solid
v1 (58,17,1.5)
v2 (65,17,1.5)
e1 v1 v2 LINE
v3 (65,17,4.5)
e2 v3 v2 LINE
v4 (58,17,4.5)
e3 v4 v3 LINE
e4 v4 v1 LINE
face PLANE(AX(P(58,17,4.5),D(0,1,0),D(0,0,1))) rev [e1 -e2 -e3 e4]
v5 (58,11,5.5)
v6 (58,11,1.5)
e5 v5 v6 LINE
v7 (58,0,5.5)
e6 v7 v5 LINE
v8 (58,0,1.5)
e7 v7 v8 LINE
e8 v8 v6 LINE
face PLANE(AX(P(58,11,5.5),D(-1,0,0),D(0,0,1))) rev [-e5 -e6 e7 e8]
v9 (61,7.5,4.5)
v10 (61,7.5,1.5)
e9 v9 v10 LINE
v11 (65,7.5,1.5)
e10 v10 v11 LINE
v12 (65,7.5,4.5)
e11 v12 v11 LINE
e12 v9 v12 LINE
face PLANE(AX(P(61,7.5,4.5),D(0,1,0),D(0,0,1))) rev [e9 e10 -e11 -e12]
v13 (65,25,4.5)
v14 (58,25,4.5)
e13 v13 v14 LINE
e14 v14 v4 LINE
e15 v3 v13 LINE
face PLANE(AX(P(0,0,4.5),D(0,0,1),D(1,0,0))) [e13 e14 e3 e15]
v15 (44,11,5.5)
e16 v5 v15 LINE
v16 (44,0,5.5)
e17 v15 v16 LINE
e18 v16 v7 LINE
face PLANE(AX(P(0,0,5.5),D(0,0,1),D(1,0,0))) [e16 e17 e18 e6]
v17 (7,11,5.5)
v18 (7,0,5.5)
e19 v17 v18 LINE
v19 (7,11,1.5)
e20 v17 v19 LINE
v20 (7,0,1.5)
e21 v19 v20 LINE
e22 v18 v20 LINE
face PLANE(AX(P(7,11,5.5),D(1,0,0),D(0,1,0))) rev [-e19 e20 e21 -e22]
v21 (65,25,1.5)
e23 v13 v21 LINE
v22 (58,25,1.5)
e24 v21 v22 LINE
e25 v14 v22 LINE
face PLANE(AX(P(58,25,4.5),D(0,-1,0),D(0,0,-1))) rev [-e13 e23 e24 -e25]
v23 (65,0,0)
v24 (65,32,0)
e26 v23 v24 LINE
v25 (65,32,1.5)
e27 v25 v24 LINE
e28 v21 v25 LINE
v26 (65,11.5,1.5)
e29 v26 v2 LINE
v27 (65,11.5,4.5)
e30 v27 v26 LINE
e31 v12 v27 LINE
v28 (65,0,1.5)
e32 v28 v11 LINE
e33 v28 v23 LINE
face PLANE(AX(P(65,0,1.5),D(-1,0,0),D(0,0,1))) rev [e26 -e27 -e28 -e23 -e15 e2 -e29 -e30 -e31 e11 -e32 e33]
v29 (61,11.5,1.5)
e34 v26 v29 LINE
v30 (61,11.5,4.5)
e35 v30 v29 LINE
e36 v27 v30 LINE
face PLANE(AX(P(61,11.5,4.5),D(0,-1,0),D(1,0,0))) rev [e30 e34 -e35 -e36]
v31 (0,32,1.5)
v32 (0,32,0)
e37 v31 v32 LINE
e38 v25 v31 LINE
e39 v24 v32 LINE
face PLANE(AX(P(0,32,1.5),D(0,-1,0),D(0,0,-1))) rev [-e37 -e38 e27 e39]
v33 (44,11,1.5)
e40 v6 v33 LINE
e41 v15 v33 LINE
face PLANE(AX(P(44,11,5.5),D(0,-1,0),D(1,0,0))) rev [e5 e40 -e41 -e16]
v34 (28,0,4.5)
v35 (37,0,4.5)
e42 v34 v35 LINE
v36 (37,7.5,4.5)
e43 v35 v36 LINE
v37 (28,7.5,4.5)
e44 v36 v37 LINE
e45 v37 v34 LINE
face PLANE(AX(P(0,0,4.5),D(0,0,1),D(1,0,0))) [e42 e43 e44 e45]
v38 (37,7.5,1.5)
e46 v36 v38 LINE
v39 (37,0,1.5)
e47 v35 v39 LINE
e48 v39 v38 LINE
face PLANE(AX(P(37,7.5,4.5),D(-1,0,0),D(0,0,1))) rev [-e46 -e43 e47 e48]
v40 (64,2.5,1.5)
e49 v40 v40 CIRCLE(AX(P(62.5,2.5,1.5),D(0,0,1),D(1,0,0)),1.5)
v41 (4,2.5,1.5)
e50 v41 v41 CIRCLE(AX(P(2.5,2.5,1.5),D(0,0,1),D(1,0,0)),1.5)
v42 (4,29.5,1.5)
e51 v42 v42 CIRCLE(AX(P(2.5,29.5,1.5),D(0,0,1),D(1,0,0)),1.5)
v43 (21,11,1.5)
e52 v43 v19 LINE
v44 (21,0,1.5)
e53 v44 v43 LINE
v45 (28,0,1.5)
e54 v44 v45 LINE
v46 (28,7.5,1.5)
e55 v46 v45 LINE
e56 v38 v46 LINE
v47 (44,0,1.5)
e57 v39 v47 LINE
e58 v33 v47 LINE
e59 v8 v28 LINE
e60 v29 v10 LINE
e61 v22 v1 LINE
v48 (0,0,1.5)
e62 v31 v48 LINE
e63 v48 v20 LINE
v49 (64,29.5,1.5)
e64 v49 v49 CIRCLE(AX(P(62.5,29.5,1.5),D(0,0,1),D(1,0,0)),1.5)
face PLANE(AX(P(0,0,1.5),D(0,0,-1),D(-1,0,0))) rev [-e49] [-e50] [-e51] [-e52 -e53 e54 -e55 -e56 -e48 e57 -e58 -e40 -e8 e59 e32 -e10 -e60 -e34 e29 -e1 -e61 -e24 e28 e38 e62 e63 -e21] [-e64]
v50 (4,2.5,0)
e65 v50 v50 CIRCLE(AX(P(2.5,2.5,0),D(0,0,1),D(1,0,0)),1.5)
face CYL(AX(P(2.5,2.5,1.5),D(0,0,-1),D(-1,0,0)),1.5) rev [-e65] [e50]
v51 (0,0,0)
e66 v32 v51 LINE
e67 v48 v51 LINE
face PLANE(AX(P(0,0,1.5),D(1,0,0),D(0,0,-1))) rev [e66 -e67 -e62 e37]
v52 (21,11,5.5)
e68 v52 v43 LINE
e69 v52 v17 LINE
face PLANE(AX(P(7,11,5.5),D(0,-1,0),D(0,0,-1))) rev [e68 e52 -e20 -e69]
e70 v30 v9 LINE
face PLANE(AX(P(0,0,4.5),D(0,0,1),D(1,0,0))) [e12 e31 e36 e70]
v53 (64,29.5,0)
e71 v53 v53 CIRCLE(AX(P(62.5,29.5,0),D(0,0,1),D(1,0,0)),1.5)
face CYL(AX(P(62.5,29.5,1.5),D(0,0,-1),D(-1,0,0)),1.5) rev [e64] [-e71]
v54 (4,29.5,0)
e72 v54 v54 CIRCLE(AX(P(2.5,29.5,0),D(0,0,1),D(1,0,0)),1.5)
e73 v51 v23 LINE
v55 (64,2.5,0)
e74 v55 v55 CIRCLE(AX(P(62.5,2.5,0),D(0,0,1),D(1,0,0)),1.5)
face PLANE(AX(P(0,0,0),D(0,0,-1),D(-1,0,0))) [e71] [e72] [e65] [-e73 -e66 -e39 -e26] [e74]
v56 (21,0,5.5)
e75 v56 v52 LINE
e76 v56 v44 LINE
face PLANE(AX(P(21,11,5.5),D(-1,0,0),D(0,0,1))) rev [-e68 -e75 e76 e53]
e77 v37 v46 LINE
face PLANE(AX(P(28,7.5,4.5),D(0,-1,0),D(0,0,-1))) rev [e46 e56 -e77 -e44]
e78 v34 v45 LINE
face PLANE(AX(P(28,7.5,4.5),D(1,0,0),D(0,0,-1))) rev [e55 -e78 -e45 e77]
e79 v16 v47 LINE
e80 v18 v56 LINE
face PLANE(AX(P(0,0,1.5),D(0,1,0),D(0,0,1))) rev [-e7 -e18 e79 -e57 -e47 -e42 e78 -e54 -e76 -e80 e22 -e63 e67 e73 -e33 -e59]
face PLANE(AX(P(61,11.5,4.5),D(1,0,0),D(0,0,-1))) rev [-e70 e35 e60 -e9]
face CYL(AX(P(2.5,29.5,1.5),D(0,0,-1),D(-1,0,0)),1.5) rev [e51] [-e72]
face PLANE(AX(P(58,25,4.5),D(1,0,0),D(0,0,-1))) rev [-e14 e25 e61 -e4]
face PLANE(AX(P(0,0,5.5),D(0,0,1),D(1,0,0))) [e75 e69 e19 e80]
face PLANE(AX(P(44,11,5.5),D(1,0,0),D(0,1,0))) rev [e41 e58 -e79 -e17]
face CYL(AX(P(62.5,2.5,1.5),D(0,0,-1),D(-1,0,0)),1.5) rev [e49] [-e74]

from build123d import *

# Parameters (mm, degrees)
SKETCH1_W           = 65
SKETCH1_H           = 32
SKETCH1_R           = 1.5
BOSS_EXTRUDE1_DEPTH = 1.5
SKETCH2_W           = 14
SKETCH2_H           = 11
BOSS_EXTRUDE2_DEPTH = 4
SKETCH3_W           = 7
SKETCH3_H           = 8
SKETCH3_W_2         = 4
SKETCH3_H_2         = 4
SKETCH3_W_3         = 9
SKETCH3_H_3         = 7.5
BOSS_EXTRUDE3_DEPTH = 3


with BuildPart() as part:
    # Sketch1 → Boss-Extrude1 (new body)
    with BuildSketch(Plane.XY):
        with Locations((32.5, 16)):
            Rectangle(SKETCH1_W, SKETCH1_H)
        with Locations((2.5, 2.5)):
            Circle(SKETCH1_R, mode=Mode.SUBTRACT)
        with Locations((2.5, 29.5)):
            Circle(SKETCH1_R, mode=Mode.SUBTRACT)
        with Locations((62.5, 29.5)):
            Circle(SKETCH1_R, mode=Mode.SUBTRACT)
        with Locations((62.5, 2.5)):
            Circle(SKETCH1_R, mode=Mode.SUBTRACT)
    extrude(amount=BOSS_EXTRUDE1_DEPTH)

    # Sketch2 → Boss-Extrude2 (add)
    with BuildSketch(Plane.XY.offset(1.5)):
        with Locations((14, 5.5)):
            Rectangle(SKETCH2_W, SKETCH2_H)
        with Locations((51, 5.5)):
            Rectangle(SKETCH2_W, SKETCH2_H)
    extrude(amount=BOSS_EXTRUDE2_DEPTH)

    # Sketch3 → Boss-Extrude3 (add)
    with BuildSketch(Plane.XY.offset(1.5)):
        with Locations((61.5, 21)):
            Rectangle(SKETCH3_W, SKETCH3_H)
        with Locations((63, 9.5)):
            Rectangle(SKETCH3_W_2, SKETCH3_H_2)
        with Locations((32.5, 3.75)):
            Rectangle(SKETCH3_W_3, SKETCH3_H_3)
    extrude(amount=BOSS_EXTRUDE3_DEPTH)


solid = part.part
